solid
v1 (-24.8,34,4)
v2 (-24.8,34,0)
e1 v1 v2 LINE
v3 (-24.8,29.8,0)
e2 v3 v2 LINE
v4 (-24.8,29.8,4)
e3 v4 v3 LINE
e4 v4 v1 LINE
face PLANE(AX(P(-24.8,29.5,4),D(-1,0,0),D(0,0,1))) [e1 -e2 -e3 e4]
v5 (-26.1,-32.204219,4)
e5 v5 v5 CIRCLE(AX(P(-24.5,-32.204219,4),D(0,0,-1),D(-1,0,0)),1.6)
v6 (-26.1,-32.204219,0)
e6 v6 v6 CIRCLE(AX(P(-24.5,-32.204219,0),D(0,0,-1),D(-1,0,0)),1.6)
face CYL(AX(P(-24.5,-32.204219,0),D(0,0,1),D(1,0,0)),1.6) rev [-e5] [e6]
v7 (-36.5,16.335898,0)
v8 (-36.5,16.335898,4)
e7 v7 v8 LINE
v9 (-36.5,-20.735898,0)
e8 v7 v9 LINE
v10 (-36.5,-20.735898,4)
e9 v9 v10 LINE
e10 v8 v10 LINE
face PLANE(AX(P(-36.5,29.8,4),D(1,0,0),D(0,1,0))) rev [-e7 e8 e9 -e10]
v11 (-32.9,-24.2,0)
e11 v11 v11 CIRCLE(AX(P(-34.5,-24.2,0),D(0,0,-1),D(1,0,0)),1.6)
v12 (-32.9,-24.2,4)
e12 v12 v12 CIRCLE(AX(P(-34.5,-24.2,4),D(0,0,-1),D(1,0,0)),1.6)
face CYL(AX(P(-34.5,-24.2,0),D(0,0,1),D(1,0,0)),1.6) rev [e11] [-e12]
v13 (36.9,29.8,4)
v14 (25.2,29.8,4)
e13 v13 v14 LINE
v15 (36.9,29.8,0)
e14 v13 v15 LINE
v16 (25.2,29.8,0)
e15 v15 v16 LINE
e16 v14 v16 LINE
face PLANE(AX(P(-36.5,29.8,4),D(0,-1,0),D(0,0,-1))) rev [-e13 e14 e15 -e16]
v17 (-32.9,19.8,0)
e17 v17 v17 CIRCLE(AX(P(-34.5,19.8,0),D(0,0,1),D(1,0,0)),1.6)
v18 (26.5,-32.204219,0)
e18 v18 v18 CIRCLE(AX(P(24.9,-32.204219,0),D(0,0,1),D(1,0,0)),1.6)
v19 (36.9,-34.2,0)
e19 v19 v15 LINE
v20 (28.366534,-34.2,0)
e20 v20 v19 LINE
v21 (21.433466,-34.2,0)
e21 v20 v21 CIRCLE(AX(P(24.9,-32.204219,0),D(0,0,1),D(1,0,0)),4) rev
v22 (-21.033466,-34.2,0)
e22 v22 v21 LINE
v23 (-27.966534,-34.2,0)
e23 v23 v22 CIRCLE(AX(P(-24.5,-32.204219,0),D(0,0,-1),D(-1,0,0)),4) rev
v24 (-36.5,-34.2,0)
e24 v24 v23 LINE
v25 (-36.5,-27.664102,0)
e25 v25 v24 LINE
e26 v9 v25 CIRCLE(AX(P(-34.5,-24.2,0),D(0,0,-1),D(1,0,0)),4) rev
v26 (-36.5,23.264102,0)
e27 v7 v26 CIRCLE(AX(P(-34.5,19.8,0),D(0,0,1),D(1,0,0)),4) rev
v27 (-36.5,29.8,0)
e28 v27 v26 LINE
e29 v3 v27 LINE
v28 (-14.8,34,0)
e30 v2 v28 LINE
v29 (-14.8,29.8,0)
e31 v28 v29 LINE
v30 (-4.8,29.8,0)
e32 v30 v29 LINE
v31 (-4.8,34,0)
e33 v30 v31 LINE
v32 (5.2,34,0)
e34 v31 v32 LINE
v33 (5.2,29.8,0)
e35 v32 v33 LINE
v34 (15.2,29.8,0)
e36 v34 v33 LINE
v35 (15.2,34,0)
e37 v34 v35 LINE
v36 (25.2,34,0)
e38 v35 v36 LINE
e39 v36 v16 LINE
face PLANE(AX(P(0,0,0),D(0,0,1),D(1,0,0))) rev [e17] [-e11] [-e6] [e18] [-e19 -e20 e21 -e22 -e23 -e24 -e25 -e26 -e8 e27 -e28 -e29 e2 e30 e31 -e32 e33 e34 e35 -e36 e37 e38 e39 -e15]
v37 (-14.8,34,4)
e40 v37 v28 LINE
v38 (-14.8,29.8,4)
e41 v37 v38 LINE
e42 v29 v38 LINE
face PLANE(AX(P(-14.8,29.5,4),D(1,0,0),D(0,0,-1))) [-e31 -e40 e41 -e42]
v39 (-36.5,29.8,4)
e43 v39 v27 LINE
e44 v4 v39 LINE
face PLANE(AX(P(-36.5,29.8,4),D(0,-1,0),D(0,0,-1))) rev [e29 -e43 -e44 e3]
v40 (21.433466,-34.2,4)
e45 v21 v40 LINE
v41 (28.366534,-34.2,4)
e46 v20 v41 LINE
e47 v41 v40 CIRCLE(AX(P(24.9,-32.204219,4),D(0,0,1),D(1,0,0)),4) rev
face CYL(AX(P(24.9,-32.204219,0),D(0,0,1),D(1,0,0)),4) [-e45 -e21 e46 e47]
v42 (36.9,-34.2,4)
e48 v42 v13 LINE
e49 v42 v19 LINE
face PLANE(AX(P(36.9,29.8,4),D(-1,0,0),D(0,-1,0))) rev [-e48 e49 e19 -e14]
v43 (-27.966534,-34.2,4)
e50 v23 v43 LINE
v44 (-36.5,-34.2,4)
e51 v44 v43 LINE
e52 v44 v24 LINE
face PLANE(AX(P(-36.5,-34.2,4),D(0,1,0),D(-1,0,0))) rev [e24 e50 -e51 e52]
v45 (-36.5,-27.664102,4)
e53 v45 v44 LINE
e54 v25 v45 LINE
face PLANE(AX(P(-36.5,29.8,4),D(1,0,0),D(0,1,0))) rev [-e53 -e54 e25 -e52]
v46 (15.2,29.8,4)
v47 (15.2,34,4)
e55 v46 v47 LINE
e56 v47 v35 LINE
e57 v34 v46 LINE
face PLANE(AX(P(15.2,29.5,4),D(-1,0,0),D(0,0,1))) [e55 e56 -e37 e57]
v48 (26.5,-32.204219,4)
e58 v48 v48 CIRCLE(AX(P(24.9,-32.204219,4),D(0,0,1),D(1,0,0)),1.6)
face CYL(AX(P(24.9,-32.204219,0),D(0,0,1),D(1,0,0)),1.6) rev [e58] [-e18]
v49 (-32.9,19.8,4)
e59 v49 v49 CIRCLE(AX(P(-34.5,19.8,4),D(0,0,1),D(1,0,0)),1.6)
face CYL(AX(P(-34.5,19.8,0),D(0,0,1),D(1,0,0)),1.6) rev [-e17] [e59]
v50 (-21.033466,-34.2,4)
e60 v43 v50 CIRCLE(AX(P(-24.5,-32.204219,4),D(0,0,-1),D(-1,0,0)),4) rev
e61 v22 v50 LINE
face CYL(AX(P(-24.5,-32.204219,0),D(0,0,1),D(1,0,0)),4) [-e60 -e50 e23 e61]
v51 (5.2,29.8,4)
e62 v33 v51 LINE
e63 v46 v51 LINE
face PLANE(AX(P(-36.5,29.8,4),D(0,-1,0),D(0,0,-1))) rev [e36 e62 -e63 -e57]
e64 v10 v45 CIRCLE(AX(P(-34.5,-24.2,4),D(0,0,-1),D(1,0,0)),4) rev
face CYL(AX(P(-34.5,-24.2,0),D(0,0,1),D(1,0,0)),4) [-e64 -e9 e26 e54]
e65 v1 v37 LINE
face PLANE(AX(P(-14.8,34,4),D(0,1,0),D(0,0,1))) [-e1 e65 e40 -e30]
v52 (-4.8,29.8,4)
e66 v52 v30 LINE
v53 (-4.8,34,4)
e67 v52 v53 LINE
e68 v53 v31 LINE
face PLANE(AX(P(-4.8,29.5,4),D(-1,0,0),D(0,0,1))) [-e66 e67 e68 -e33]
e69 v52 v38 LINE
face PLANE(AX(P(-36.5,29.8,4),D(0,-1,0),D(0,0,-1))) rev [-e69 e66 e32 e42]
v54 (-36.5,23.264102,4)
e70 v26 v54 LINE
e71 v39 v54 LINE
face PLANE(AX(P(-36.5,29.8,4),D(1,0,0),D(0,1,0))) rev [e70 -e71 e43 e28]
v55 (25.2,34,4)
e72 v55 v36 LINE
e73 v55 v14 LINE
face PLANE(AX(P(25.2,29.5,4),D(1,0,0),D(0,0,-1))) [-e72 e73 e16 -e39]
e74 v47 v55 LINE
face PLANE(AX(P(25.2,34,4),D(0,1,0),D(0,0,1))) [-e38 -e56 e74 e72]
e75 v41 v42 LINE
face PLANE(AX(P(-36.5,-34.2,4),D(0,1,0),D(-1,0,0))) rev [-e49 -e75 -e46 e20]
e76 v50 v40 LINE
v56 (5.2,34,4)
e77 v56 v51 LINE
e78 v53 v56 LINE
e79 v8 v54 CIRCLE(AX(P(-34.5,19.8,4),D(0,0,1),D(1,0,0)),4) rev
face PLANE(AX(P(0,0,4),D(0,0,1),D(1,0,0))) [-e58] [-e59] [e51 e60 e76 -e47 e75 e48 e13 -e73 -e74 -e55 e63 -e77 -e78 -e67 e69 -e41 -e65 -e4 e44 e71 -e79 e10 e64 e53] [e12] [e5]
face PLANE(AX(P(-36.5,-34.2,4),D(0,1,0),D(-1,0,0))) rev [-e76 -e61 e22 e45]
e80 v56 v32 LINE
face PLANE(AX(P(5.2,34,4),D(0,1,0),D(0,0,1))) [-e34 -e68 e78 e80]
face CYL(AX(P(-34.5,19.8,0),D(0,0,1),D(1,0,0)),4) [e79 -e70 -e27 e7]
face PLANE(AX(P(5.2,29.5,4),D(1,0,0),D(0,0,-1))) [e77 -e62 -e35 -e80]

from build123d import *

# Parameters (mm, degrees)
SKETCH1_W             = 73.400000004
SKETCH1_H             = 64
BOSS_EXTRUDE1_DEPTH   = 4
BOSS_EXTRUDE2_DEPTH   = 4
SKETCH2_3_R           = 1.6
CUT_EXTRUDE1_DEPTH    = 4
BOSS_EXTRUDE3_DEPTH   = 4
SKETCH2_5_R           = 1.6
CUT_EXTRUDE2_DEPTH    = 4
SKETCH3_W             = 10
SKETCH3_H             = 4.5
BOSS_EXTRUDE4_DEPTH   = 4
BOSS_EXTRUDE4_2_DEPTH = 4
BOSS_EXTRUDE4_3_DEPTH = 4


with BuildPart() as part:
    # Sketch1 → Boss-Extrude1 (new body)
    with BuildSketch(Plane.XY):
        with Locations((0.200000002, -2.2)):
            Rectangle(SKETCH1_W, SKETCH1_H)
    extrude(amount=BOSS_EXTRUDE1_DEPTH)

    # Sketch2 → Boss-Extrude2 (add)
    with BuildSketch(Plane.XY.offset(4)):
        with BuildLine():
            ThreePointArc((21.433466103, -34.2), (24.9, -36.204218764), (28.366533897, -34.2))
            Line((28.366533897, -34.2), (21.433466103, -34.2))
        make_face()
    boss_extrude2 = extrude(amount=-BOSS_EXTRUDE2_DEPTH)

    # Sketch2<3> → Cut-Extrude1 (cut)
    with BuildSketch(Plane.XY.offset(4)):
        with Locations((24.9, -32.204218764)):
            Circle(SKETCH2_3_R)
    cut_extrude1 = extrude(amount=-CUT_EXTRUDE1_DEPTH, mode=Mode.SUBTRACT)

    # Mirror1: Boss-Extrude2, Cut-Extrude1 across plane
    add(boss_extrude2.mirror(Plane(origin=(0.200000002, 0, 0), x_dir=(0, 0, 1), z_dir=(1, 0, 0))))
    add(cut_extrude1.mirror(Plane(origin=(0.200000002, 0, 0), x_dir=(0, 0, 1), z_dir=(1, 0, 0))), mode=Mode.SUBTRACT)

    # Sketch2<4> → Boss-Extrude3 (add)
    with BuildSketch(Plane.XY.offset(4)):
        with BuildLine():
            ThreePointArc((-36.5, 23.264101615), (-38.5, 19.8), (-36.5, 16.335898385))
            Line((-36.5, 16.335898385), (-36.5, 23.264101615))
        make_face()
    boss_extrude3 = extrude(amount=-BOSS_EXTRUDE3_DEPTH)

    # Sketch2<5> → Cut-Extrude2 (cut)
    with BuildSketch(Plane.XY.offset(4)):
        with Locations((-34.5, 19.8)):
            Circle(SKETCH2_5_R)
    cut_extrude2 = extrude(amount=-CUT_EXTRUDE2_DEPTH, mode=Mode.SUBTRACT)

    # Mirror3: Boss-Extrude3, Cut-Extrude2 across plane
    add(boss_extrude3.mirror(Plane(origin=(0, -2.2, 0), x_dir=(0, 0, 1), z_dir=(0, -1, 0))))
    add(cut_extrude2.mirror(Plane(origin=(0, -2.2, 0), x_dir=(0, 0, 1), z_dir=(0, -1, 0))), mode=Mode.SUBTRACT)


with BuildPart() as body_2:
    # Sketch3 → Boss-Extrude4 (new body)
    with BuildSketch(Plane(origin=(0, 0, 0), x_dir=(-1, 0, 0), z_dir=(0, 0, -1))):
        with Locations((-20.200000004, 31.75)):
            Rectangle(SKETCH3_W, SKETCH3_H)
    extrude(amount=-BOSS_EXTRUDE4_DEPTH)


with BuildPart() as body_3:
    # Sketch3 → Boss-Extrude4 2 (new body)
    with BuildSketch(Plane(origin=(0, 0, 0), x_dir=(-1, 0, 0), z_dir=(0, 0, -1))):
        with Locations((-0.200000004, 31.75)):
            Rectangle(SKETCH3_W, SKETCH3_H)
    extrude(amount=-BOSS_EXTRUDE4_2_DEPTH)


with BuildPart() as body_4:
    # Sketch3 → Boss-Extrude4 3 (new body)
    with BuildSketch(Plane(origin=(0, 0, 0), x_dir=(-1, 0, 0), z_dir=(0, 0, -1))):
        with Locations((19.799999996, 31.75)):
            Rectangle(SKETCH3_W, SKETCH3_H)
    extrude(amount=-BOSS_EXTRUDE4_3_DEPTH)


with BuildPart() as body_2_1:
    add(body_2.part)

    # Combine1: union part, body 3, body 4
    add(part.part)
    add(body_3.part)
    add(body_4.part)


solid = body_2_1.part
